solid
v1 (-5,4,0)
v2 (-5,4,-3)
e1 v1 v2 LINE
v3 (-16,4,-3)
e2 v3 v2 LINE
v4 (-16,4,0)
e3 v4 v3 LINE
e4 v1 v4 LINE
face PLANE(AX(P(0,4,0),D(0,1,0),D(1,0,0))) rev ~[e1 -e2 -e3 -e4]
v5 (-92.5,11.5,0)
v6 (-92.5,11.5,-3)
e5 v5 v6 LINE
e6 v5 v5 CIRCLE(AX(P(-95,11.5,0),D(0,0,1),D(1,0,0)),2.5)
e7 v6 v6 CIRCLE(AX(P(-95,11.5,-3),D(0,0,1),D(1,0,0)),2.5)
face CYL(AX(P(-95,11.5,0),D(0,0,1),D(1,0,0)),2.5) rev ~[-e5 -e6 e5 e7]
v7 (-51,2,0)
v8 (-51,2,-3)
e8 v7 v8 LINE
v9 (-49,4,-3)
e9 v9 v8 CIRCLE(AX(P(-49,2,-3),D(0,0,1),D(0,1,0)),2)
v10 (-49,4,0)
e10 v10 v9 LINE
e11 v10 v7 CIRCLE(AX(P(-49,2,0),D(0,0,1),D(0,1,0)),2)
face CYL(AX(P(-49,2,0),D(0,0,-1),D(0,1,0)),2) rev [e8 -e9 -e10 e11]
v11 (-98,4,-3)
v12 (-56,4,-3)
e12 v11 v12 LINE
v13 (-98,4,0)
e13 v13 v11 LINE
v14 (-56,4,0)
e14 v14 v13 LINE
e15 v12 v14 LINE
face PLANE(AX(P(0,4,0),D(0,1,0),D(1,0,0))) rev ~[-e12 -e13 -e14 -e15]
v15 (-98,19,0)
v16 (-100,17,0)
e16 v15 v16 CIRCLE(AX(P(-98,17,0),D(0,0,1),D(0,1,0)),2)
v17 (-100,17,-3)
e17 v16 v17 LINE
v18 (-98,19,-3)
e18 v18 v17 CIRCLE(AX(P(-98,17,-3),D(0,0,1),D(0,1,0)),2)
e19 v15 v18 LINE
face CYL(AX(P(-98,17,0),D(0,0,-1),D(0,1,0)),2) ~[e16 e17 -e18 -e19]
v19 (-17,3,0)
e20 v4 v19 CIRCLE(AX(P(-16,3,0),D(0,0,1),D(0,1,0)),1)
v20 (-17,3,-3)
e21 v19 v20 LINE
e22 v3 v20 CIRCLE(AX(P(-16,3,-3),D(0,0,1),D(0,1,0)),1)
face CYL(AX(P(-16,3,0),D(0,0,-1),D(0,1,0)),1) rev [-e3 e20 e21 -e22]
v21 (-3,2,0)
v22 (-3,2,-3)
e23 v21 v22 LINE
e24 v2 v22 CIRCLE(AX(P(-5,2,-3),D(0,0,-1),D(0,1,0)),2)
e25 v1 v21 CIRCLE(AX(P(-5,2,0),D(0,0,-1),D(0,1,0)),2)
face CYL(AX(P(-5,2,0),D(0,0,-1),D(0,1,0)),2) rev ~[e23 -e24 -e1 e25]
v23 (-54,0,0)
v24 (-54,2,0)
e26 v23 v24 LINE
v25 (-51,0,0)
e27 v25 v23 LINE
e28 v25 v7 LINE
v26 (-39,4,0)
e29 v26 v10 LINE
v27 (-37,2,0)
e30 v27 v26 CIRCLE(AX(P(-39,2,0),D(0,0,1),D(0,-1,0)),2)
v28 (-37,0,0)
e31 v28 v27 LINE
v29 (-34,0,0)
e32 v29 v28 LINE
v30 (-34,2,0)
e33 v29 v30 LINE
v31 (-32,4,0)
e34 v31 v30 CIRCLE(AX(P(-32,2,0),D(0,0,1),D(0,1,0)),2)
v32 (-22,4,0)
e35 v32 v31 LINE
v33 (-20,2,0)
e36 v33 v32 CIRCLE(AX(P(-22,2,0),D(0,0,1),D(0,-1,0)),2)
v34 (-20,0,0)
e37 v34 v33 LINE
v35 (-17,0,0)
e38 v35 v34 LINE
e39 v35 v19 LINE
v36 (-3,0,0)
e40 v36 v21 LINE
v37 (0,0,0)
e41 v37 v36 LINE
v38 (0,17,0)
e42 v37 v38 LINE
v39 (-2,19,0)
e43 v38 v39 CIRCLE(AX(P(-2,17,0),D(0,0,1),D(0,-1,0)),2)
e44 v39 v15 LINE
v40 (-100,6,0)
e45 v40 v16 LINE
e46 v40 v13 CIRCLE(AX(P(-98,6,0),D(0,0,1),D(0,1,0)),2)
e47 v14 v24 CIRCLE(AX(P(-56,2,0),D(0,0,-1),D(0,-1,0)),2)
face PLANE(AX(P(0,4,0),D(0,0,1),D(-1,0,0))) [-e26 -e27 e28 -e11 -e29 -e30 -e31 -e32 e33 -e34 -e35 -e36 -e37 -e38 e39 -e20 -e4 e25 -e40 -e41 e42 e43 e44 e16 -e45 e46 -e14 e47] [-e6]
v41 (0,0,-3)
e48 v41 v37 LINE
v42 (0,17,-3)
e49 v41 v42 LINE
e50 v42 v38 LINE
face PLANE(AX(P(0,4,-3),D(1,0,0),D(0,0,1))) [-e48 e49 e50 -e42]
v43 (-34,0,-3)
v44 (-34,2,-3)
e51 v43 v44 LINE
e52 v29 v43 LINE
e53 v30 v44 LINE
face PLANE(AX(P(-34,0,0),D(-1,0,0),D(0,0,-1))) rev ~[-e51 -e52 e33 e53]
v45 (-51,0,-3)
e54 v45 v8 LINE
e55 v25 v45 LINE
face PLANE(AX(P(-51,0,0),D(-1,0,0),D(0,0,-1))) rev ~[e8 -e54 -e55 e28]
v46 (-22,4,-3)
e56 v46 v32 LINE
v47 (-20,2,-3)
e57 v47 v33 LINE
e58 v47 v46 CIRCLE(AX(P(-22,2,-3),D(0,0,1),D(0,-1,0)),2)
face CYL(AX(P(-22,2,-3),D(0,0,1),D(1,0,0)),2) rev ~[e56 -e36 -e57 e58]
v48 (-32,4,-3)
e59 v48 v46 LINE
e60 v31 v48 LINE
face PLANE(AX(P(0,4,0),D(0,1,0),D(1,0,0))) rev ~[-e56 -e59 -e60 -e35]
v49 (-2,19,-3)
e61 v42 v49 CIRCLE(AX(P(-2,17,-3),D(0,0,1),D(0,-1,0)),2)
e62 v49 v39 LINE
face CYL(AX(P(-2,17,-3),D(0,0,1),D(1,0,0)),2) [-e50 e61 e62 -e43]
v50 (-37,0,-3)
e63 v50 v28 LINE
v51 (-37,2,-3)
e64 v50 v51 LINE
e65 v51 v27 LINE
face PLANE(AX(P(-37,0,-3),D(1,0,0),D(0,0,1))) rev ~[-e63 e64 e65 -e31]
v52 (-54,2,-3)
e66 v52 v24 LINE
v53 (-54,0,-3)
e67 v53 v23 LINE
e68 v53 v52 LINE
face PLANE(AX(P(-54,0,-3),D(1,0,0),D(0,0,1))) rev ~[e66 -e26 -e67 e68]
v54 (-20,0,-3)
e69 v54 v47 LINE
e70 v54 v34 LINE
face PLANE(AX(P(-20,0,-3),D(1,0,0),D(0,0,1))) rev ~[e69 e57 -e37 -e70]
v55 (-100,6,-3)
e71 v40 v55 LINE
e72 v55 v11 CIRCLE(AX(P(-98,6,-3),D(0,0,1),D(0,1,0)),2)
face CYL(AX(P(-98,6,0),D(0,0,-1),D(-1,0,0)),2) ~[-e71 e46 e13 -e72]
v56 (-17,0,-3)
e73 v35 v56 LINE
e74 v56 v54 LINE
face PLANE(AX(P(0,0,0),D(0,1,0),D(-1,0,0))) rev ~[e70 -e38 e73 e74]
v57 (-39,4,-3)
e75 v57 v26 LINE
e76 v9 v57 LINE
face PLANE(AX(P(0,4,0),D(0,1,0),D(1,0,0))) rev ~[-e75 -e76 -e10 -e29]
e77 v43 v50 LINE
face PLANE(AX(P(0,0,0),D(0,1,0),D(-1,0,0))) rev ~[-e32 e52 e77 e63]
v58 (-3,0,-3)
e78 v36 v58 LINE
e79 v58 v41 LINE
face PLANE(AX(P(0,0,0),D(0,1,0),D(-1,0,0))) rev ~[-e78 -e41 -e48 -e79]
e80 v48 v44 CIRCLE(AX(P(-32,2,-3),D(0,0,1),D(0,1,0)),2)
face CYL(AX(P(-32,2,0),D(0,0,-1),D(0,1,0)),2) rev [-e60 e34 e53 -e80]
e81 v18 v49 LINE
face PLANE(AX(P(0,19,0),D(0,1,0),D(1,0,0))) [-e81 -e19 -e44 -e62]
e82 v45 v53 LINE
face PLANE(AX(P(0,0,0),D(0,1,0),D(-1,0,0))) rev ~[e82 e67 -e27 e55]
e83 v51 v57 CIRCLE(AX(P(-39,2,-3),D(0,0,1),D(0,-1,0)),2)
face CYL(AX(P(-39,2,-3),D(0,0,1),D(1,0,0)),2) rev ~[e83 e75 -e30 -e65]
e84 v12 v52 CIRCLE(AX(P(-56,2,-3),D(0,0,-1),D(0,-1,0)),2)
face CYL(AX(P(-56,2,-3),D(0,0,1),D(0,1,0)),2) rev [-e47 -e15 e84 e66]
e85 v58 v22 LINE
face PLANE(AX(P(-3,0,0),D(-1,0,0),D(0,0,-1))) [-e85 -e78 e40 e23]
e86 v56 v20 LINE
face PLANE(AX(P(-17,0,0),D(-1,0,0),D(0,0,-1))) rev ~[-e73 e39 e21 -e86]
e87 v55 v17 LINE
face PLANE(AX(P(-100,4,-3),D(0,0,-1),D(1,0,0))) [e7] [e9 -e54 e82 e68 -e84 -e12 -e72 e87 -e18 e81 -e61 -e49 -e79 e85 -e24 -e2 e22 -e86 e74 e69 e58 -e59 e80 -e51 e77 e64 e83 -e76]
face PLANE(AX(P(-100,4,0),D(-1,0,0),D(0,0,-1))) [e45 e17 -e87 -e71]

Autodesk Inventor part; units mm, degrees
ref_plane "YZ Plane" through (0, 0, 0) normal (1, 0, 0) x (0, 1, 0)
ref_plane "XZ Plane" through (0, 0, 0) normal (0, 1, 0) x (-1, 0, 0)
ref_plane "XY Plane" through (0, 0, 0) normal (0, 0, 1) x (1, 0, 0)
sketch "Эскиз1" plane through (0, 0, 0) normal (0, 1, 0) x (-1, 0, 0)
  line L0 (0, 0) -> (3, 0)
  line L1 (3, 0) -> (3, -3)
  line L2 (3, -3) -> (0, -3)
  line L3 (0, -3) -> (0, 0)
  line L4 (3, 0) -> (20, 0)
  line L5 (20, 0) -> (17, 0)
  line L6 (17, 0) -> (17, -3)
  line L7 (17, -3) -> (20, -3)
  line L8 (20, -3) -> (20, 0)
  line L9 (20, 0) -> (37, 0)
  line L10 (37, 0) -> (34, 0)
  line L11 (34, 0) -> (34, -3)
  line L12 (34, -3) -> (37, -3)
  line L13 (37, -3) -> (37, 0)
  line L14 (37, 0) -> (54, 0)
  line L15 (54, 0) -> (51, 0)
  line L16 (51, 0) -> (51, -3)
  line L17 (51, -3) -> (54, -3)
  line L18 (54, -3) -> (54, 0)
  point P0 (17, 0)
  point P1 (17, 0)
  dimension "d0" = 3
  dimension "d1" = 3
  dimension "d17" = 17
  dimension "d18" = 3
  dimension "d19" = 3
  dimension "d20" = 17
  dimension "d21" = 17
  dimension "d22" = 3
  dimension "d23" = 3
  dimension "d24" = 3
  dimension "d25" = 3
extrude "Выдавливание1" add sketch "Эскиз1" along normal blind 4
sketch "Эскиз2" plane through (0, 4, 0) normal (0, 1, 0) x (1, 0, 0)
  line L0 (0, 0) -> (-100, 0)
  line L1 (-100, 0) -> (-100, 3)
  line L2 (-100, 3) -> (0, 3)
  line L3 (0, 3) -> (0, 0)
  dimension "d13" = 3
  dimension "d14" = 100
extrude "Выдавливание2" add sketch "Эскиз2" along normal blind 15
fillet "Сопряжение1" radius 1 1 edges at (-17, 4, -1.5)
fillet "Сопряжение2" radius 2 7 edges at (-34, 4, -1.5) (-51, 4, -1.5) (-54, 4, -1.5) (-37, 4, -1.5) (-20, 4, -1.5) (-3, 4, -1.5) (0, 19, -1.5)
fillet "Сопряжение3" radius 2 2 edges at (-100, 19, -1.5) (-100, 4, -1.5)
sketch "Эскиз3" plane through (-54, 0, 0) normal (0, 0, 1) x (1, 0, 0)
  line L0 (-46, 6) -> (-46, 17) projected
  circle A0 centre (-41, 11.5) radius 2.5
  line L1 (-46, 15.899) -> (-46, 11.5)
  point P0 (54, 0)
  dimension "d30" = 5
extrude "Выдавливание3" cut sketch "Эскиз3" against normal blind 14
properties part number "Bus_copper_VDD" material "Медь"
